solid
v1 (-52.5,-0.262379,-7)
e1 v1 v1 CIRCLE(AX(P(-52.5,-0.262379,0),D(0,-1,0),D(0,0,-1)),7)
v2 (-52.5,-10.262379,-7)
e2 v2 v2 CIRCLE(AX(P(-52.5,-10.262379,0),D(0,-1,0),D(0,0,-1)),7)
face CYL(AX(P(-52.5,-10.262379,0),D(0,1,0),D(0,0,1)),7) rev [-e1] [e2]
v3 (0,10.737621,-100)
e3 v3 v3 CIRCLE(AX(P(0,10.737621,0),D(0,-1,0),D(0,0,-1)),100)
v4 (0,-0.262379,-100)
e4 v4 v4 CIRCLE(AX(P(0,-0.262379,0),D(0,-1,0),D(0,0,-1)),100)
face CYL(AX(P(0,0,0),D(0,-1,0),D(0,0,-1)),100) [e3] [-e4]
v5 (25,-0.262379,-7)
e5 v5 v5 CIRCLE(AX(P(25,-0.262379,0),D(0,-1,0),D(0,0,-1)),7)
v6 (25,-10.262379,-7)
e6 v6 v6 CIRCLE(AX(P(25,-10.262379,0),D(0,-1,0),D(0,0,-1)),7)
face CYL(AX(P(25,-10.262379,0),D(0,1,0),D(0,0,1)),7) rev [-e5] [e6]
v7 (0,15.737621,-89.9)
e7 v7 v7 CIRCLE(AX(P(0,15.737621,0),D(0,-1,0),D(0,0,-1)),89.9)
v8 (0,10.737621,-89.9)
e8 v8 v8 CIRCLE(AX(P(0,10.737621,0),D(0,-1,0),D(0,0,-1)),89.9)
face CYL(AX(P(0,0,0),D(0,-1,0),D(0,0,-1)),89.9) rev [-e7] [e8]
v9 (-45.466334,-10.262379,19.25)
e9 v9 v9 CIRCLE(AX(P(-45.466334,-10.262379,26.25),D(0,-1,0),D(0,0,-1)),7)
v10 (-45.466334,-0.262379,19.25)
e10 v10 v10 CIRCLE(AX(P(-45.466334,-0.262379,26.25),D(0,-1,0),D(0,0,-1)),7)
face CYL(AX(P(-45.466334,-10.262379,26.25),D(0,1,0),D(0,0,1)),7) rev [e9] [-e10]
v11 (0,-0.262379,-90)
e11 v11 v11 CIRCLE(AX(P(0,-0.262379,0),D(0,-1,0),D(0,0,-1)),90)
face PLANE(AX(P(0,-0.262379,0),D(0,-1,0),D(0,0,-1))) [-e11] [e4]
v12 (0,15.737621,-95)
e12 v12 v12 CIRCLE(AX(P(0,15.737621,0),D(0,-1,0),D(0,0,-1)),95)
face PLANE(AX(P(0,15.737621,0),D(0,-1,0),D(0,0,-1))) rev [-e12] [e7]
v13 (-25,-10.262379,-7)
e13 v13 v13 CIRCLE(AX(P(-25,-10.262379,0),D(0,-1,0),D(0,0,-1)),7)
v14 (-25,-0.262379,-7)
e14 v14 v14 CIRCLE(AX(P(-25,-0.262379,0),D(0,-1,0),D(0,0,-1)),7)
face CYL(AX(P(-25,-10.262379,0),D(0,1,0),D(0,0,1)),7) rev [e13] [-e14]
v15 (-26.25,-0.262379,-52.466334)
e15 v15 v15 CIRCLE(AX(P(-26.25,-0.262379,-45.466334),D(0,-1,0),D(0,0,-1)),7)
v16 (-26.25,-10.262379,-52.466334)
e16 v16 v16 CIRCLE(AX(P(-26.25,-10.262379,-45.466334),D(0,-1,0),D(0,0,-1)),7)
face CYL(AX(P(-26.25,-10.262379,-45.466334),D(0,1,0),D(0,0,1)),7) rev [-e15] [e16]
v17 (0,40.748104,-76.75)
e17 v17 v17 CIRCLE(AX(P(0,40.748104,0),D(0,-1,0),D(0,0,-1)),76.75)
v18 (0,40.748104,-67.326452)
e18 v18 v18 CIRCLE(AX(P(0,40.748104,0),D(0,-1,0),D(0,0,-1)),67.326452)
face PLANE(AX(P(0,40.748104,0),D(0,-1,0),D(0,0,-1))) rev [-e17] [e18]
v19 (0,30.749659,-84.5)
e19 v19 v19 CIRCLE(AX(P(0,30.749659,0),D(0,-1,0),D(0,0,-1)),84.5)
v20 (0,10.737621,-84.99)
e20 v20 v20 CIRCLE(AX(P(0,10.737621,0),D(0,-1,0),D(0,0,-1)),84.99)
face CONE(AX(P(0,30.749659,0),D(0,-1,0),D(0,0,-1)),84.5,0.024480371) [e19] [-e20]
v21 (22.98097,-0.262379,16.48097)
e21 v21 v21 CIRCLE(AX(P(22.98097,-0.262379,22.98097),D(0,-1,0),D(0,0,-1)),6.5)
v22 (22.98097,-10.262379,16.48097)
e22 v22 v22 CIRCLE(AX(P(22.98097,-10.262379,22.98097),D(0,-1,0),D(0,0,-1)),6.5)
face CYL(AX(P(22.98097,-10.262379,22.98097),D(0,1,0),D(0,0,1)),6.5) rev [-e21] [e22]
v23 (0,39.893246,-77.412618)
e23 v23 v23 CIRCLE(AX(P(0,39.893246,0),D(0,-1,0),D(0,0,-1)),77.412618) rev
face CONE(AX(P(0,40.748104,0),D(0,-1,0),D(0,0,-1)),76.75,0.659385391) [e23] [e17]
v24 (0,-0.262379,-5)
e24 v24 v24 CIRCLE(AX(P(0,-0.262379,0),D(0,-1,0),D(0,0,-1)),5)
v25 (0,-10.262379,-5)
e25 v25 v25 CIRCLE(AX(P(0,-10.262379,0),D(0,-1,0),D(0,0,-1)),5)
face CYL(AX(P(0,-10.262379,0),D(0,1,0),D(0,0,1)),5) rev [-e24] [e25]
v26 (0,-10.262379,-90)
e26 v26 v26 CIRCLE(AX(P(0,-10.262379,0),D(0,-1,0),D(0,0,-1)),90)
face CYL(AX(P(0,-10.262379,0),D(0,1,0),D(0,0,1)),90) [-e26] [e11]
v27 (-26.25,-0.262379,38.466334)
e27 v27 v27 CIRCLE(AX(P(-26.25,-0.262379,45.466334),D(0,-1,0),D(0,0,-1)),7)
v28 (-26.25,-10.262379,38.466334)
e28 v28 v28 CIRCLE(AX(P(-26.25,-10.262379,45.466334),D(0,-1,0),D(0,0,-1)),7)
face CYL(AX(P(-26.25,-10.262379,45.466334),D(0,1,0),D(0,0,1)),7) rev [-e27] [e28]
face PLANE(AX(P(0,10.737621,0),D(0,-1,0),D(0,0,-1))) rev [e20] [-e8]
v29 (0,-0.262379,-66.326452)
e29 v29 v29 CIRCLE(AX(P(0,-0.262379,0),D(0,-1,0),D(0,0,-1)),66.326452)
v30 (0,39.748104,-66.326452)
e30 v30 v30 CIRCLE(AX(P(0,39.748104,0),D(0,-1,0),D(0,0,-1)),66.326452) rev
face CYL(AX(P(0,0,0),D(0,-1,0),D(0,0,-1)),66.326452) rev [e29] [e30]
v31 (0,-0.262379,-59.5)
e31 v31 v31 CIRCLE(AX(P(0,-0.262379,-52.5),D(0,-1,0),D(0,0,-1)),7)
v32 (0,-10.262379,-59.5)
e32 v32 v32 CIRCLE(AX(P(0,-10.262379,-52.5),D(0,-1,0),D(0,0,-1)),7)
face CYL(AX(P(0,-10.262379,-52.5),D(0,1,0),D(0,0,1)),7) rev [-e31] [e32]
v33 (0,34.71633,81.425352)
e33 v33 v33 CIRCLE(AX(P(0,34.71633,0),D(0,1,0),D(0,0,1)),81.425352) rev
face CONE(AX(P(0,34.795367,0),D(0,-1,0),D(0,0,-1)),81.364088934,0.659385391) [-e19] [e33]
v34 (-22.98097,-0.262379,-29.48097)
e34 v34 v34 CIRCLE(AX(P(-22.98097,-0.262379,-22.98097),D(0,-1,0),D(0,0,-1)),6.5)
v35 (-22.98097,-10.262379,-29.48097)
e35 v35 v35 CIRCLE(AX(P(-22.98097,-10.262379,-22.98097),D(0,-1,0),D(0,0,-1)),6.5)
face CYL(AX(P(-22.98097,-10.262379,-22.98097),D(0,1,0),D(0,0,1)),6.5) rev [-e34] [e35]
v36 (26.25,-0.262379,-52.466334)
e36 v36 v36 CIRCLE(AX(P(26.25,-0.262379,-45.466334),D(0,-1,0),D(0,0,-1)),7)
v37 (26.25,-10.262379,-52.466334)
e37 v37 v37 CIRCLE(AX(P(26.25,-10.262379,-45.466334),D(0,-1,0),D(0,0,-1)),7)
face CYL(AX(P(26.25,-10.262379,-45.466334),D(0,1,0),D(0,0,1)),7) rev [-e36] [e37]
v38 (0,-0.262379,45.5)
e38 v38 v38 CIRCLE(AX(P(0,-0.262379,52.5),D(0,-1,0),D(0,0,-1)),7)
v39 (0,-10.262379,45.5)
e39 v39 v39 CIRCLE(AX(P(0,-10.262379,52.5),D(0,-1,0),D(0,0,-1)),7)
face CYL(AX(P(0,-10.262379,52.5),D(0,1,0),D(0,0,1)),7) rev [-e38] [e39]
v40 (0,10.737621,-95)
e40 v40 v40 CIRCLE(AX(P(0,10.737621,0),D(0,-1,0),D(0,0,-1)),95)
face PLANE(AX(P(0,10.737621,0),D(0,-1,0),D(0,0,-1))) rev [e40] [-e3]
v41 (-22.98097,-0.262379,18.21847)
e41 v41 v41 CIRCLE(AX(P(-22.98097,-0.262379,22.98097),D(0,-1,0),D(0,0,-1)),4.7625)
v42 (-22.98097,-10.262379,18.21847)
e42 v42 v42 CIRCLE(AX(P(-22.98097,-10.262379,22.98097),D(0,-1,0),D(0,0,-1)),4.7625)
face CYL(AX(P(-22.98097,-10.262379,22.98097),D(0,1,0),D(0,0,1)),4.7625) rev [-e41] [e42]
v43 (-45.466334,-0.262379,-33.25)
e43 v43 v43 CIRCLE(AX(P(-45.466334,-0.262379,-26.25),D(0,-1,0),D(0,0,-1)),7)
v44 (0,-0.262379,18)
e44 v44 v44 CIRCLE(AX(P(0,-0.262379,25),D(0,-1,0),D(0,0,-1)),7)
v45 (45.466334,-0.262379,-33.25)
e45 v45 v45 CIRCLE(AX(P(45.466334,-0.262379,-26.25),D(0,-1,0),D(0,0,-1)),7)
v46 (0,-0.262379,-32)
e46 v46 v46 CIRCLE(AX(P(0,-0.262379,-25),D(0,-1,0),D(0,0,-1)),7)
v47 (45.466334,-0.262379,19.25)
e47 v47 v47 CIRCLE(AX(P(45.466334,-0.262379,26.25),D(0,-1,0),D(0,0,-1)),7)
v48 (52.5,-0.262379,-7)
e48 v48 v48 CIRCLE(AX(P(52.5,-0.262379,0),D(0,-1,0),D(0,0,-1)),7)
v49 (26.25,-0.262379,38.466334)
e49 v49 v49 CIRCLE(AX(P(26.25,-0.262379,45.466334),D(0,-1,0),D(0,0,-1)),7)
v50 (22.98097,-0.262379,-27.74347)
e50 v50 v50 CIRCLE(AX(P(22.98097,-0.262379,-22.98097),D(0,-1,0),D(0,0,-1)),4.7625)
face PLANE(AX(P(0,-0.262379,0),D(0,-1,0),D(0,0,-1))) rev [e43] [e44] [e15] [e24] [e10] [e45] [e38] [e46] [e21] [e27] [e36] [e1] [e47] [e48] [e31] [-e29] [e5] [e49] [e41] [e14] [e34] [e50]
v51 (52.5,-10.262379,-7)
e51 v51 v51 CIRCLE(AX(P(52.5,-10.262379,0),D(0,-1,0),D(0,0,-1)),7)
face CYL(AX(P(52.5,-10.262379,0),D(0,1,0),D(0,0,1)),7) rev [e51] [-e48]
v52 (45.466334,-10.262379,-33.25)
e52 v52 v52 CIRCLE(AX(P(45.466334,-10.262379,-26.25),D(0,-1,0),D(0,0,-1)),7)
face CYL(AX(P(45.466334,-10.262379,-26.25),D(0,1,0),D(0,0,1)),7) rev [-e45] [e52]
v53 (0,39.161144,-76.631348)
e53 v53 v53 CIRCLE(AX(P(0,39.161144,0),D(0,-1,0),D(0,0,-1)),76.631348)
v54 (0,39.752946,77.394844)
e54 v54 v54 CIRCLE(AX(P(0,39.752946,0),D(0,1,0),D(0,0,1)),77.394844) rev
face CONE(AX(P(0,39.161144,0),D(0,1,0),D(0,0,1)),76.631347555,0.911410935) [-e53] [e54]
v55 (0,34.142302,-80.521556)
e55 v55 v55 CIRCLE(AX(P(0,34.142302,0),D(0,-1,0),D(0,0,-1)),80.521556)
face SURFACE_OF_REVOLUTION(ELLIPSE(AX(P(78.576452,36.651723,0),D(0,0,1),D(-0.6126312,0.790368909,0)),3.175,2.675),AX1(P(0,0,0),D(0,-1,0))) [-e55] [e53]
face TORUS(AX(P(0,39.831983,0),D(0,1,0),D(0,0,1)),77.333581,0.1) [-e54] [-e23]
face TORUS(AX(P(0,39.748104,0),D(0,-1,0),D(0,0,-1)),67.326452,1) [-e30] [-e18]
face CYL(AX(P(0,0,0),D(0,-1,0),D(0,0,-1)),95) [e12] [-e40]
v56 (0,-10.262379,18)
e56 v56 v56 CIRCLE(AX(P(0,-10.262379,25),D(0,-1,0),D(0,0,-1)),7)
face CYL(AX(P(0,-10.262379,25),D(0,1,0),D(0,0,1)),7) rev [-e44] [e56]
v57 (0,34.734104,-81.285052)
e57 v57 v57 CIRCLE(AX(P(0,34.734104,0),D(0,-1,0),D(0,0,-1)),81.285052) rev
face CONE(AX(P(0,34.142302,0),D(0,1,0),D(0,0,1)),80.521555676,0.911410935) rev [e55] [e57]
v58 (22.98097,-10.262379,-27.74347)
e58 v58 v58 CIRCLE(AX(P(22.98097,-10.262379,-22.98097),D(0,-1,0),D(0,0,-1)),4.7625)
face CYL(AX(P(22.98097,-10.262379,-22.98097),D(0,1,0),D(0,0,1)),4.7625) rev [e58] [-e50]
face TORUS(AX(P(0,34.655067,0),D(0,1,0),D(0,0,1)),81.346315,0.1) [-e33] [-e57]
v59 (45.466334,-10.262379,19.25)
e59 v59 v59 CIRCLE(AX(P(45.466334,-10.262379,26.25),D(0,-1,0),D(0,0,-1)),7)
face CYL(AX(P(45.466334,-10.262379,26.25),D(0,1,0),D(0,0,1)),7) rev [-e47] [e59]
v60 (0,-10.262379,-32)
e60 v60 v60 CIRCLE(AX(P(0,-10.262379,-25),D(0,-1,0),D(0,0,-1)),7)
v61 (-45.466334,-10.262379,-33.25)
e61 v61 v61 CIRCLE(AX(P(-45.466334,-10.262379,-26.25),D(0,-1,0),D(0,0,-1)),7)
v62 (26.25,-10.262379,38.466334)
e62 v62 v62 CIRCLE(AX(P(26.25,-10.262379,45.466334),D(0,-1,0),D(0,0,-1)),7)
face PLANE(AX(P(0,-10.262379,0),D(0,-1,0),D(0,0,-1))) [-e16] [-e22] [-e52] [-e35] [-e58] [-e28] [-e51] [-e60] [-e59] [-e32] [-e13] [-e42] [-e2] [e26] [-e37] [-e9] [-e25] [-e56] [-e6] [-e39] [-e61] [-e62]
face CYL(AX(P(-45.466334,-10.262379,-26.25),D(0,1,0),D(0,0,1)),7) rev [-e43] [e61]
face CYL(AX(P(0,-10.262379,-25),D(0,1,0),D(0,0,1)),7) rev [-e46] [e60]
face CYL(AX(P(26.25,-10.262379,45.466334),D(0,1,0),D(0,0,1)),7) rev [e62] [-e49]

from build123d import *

# Parameters (mm, degrees)
FILLET1_R           = 1
SKETCH3_R           = 90
BOSS_EXTRUDE1_DEPTH = 10
SKETCH2_R           = 7
SKETCH2_R_2         = 5
SKETCH2_R_3         = 6.5
SKETCH2_R_4         = 4.7625
CUT_EXTRUDE1_DEPTH  = 10
FILLET2_R           = 0.1


with BuildPart() as part:
    # Sketch1 → Revolve1 (revolve)
    with BuildSketch(Plane.XY):
        with BuildLine():
            Line((76.75, 40.74810371), (66.326451616, 40.74810371))
            Line((66.326451616, 40.74810371), (66.326451616, -0.262378674))
            Line((66.326451616, -0.262378674), (100, -0.262378674))
            Line((100, -0.262378674), (100, 10.737621326))
            Line((100, 10.737621326), (95, 10.737621326))
            Line((95, 10.737621326), (95, 15.737621326))
            Line((95, 15.737621326), (89.9, 15.737621326))
            Line((89.9, 15.737621326), (89.9, 10.737621326))
            Line((89.9, 10.737621326), (84.99, 10.737621326))
            Line((84.99, 10.737621326), (84.5, 30.749659223))
            Line((84.5, 30.749659223), (81.364088934, 34.79536667))
            Line((81.364088934, 34.79536667), (80.521555676, 34.142301811))
            add(Edge.make_bspline(
                [(76.631347555, 39.161144384), (74.517110723, 37.522355923), (76.462214784, 35.012934637), (78.407318844, 32.50351335), (80.521555676, 34.142301811)],
                knots=[0, 0, 0, 1.570796327, 1.570796327, 3.141592654, 3.141592654, 3.141592654], degree=2, weights=[1, 0.707106781, 1, 0.707106781, 1]))
            Line((76.631347555, 39.161144384), (77.473880812, 39.814209243))
            Line((77.473880812, 39.814209243), (76.75, 40.74810371))
        make_face()
    revolve(axis=Axis((0, 0, 0), (0, 1, 0)))

    # Fillet1
    fillet1_edges = [part.edges().sort_by_distance(p)[0] for p in [
        (-66.326451616, 40.74810371, 0),
    ]]
    fillet(fillet1_edges, radius=FILLET1_R)

    # Sketch3 → Boss-Extrude1 (add)
    with BuildSketch(Plane.XZ.offset(0.262378674)):
        Circle(SKETCH3_R)
    extrude(amount=BOSS_EXTRUDE1_DEPTH)

    # Sketch2 → Cut-Extrude1 (cut)
    with BuildSketch(Plane.XZ.offset(0.262378674)):
        with Locations((0, 52.5)):
            Circle(SKETCH2_R)
        with Locations((0, 25)):
            Circle(SKETCH2_R)
        Circle(SKETCH2_R_2)
        with Locations((26.25, 45.466333699)):
            Circle(SKETCH2_R)
        with Locations((45.466333699, 26.25)):
            Circle(SKETCH2_R)
        with Locations((52.5, 0)):
            Circle(SKETCH2_R)
        with Locations((45.466333699, -26.25)):
            Circle(SKETCH2_R)
        with Locations((26.25, -45.466333699)):
            Circle(SKETCH2_R)
        with Locations((0, -52.5)):
            Circle(SKETCH2_R)
        with Locations((-26.25, -45.466333699)):
            Circle(SKETCH2_R)
        with Locations((-45.466333699, -26.25)):
            Circle(SKETCH2_R)
        with Locations((-52.5, 0)):
            Circle(SKETCH2_R)
        with Locations((-45.466333699, 26.25)):
            Circle(SKETCH2_R)
        with Locations((-26.25, 45.466333699)):
            Circle(SKETCH2_R)
        with Locations((25, 0)):
            Circle(SKETCH2_R)
        with Locations((0, -25)):
            Circle(SKETCH2_R)
        with Locations((-25, 0)):
            Circle(SKETCH2_R)
        with Locations((22.980970389, 22.980970389)):
            Circle(SKETCH2_R_3)
        with Locations((-22.980970389, -22.980970389)):
            Circle(SKETCH2_R_3)
        with Locations((-22.980970389, 22.980970389)):
            Circle(SKETCH2_R_4)
        with Locations((22.980970389, -22.980970389)):
            Circle(SKETCH2_R_4)
    extrude(amount=CUT_EXTRUDE1_DEPTH, mode=Mode.SUBTRACT)

    # Fillet2
    fillet2_edges = [part.edges().sort_by_distance(p)[0] for p in [
        (-81.364088934, 34.79536667, 0),
        (-77.473880812, 39.814209243, 0),
    ]]
    fillet(fillet2_edges, radius=FILLET2_R)


solid = part.part
